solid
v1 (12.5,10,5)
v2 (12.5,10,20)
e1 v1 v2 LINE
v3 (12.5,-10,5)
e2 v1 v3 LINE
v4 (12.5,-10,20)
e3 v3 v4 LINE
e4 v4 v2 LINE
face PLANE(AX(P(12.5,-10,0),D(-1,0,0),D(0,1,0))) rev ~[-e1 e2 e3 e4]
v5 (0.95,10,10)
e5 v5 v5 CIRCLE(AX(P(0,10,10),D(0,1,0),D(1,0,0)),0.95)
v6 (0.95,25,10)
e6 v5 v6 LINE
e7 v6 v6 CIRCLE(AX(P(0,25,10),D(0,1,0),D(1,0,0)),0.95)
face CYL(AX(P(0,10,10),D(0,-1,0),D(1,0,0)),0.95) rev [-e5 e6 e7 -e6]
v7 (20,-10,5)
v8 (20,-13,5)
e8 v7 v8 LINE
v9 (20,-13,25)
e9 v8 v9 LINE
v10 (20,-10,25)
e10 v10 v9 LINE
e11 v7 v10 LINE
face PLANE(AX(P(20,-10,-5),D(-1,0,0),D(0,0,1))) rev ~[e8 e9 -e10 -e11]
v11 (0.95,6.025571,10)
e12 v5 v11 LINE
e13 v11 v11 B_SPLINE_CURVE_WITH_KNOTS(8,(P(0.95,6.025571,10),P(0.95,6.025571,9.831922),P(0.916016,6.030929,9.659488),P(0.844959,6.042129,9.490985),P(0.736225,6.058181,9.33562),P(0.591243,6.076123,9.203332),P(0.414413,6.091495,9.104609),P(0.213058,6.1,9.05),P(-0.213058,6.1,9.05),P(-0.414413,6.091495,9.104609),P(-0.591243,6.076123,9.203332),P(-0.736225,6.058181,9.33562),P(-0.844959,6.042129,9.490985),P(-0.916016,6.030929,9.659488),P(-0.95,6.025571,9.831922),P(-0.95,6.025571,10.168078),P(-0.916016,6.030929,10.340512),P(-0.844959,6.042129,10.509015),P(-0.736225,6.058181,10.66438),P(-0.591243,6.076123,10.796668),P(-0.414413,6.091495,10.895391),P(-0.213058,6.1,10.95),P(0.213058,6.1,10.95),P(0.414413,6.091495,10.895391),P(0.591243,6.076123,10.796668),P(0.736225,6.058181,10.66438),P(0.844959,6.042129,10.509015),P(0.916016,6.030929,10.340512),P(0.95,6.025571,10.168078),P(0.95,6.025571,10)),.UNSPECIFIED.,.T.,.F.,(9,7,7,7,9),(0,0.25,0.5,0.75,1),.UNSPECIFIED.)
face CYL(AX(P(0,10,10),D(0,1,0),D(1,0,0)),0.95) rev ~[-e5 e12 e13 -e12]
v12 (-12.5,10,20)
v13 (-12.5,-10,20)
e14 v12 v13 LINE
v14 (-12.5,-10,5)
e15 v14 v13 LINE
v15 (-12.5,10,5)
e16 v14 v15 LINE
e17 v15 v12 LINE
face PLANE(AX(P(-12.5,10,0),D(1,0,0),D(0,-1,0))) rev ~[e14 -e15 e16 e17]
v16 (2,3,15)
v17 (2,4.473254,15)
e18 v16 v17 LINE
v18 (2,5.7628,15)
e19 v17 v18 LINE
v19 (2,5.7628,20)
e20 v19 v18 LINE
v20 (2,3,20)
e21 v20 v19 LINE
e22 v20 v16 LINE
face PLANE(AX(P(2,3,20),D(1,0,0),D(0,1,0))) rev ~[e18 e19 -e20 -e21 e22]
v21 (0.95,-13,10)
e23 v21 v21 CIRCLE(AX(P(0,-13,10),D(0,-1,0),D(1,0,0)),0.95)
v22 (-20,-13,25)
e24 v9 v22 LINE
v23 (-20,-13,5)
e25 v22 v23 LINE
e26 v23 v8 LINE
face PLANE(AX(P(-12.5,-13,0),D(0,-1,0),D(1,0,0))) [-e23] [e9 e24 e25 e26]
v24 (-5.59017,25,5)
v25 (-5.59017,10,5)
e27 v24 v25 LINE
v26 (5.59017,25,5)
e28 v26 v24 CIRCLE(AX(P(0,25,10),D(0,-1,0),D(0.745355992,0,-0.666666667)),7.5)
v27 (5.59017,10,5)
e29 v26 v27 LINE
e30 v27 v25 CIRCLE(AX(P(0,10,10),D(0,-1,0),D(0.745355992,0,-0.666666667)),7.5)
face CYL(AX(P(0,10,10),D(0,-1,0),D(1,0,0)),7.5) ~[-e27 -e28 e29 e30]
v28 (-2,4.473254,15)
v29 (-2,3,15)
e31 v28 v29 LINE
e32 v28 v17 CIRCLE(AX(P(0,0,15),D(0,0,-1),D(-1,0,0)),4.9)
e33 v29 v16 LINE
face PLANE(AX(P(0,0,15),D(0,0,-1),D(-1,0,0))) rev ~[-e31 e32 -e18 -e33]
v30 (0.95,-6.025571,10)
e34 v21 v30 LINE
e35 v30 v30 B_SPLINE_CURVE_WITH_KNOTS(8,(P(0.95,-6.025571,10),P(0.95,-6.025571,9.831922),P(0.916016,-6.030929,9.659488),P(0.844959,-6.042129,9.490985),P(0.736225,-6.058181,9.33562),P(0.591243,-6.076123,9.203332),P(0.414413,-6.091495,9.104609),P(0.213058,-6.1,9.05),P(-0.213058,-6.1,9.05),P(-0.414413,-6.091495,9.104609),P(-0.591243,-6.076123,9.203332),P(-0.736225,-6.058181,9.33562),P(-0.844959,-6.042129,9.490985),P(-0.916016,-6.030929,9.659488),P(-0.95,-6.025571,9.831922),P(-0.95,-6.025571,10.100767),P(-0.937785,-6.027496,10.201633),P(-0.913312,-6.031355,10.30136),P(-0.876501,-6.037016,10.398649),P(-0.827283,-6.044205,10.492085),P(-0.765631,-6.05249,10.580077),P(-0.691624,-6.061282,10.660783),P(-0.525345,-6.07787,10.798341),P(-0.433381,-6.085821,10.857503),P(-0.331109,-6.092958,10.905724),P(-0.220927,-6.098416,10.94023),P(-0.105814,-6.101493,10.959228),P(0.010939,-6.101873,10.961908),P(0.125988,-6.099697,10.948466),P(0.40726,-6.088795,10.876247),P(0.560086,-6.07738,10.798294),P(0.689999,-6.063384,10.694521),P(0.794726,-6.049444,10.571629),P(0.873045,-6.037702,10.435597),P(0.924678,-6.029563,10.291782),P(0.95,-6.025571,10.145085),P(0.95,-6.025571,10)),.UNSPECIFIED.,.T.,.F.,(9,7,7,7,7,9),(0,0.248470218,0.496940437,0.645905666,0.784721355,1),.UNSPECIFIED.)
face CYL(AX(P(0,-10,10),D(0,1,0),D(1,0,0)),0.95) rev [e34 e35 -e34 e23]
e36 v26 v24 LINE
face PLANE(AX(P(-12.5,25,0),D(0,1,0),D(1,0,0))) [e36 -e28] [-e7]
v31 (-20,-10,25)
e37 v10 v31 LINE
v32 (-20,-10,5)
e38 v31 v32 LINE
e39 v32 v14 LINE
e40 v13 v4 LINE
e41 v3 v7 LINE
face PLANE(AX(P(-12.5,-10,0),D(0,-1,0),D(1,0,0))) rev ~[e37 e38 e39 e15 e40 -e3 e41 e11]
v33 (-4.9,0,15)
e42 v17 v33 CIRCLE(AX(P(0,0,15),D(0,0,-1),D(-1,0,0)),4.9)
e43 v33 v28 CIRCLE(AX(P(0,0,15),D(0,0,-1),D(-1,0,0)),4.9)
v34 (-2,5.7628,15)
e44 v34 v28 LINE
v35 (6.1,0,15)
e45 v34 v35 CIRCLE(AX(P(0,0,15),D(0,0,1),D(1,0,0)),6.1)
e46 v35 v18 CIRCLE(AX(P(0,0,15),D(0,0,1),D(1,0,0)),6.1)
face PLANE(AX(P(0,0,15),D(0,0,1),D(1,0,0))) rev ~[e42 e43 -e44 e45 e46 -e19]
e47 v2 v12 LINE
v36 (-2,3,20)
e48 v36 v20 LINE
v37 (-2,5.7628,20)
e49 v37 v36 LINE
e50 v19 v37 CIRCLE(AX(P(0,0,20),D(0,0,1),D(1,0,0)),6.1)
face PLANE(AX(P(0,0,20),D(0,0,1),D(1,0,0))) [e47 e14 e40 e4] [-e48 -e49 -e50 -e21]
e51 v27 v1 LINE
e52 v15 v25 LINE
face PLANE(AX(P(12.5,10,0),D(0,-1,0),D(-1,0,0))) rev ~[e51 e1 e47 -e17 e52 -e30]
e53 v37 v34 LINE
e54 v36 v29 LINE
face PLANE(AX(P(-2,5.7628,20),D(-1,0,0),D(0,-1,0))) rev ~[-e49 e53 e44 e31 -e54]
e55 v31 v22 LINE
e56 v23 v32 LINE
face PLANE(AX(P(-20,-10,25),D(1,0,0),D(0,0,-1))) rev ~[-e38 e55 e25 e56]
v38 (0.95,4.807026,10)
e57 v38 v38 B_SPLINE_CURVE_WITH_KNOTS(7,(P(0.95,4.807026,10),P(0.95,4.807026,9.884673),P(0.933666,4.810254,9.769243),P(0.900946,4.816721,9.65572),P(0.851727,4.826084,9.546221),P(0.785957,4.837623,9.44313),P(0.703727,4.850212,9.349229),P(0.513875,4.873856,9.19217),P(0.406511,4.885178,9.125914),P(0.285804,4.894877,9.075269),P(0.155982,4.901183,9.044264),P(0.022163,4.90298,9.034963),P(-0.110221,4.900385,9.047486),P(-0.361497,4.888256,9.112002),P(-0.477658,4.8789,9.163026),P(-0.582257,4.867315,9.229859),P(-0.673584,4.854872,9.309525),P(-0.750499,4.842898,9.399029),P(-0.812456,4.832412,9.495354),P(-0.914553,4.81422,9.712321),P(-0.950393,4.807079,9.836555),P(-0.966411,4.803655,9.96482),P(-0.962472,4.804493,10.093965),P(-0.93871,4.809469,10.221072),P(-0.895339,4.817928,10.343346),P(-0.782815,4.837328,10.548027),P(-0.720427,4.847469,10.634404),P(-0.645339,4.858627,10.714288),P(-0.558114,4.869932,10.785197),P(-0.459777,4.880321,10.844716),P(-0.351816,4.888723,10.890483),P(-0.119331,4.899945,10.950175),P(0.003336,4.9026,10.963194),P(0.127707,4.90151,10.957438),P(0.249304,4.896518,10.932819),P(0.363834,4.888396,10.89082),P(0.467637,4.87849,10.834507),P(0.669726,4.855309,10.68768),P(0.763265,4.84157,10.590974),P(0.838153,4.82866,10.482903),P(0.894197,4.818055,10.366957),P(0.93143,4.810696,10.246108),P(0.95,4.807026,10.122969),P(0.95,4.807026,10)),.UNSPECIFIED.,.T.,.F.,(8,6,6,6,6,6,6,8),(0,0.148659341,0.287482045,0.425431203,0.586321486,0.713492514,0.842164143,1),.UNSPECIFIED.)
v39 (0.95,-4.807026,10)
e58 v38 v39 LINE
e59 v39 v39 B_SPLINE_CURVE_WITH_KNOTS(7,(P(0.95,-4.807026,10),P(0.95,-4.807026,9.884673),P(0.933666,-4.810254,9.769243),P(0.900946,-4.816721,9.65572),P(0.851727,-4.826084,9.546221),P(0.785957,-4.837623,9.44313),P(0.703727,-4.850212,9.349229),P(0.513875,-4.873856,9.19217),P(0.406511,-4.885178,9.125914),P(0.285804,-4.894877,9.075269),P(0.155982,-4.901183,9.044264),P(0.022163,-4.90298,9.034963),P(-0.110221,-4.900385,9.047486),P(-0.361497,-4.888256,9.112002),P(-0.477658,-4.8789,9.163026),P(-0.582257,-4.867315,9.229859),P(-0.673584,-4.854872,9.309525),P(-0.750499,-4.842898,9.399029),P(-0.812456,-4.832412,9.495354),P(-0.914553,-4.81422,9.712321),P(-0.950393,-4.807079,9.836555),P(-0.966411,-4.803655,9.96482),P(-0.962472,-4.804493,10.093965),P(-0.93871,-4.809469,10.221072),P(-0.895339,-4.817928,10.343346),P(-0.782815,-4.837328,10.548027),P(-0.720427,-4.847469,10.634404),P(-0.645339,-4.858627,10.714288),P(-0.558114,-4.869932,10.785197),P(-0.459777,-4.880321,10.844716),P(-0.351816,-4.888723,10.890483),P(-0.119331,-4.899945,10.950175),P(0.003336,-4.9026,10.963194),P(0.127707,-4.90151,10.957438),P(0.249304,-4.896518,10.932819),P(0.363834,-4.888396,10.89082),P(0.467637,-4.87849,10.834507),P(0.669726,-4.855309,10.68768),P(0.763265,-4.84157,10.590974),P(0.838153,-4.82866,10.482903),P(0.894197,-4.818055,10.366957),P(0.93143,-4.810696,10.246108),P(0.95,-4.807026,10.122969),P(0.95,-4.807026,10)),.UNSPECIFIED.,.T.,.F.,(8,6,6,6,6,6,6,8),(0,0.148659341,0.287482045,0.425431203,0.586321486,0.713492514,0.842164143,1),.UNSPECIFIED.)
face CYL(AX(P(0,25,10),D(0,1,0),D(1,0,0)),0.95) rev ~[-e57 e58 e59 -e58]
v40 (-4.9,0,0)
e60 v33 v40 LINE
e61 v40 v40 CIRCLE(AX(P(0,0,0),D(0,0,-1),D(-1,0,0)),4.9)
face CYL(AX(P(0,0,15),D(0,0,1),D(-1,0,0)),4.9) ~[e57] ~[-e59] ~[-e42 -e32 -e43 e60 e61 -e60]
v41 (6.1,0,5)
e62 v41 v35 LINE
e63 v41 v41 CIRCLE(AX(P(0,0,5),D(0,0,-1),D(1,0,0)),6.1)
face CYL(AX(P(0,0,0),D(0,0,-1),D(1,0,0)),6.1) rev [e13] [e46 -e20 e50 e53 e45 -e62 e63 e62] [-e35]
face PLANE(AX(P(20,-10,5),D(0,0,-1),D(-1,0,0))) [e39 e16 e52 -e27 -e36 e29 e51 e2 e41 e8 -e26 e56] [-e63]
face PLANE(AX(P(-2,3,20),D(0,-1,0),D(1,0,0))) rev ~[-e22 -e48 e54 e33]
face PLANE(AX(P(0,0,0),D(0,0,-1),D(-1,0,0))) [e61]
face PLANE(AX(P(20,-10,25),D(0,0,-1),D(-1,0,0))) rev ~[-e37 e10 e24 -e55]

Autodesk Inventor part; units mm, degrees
ref_plane "YZ Plane" through (0, 0, 0) normal (1, 0, 0) x (0, 1, 0)
ref_plane "XZ Plane" through (0, 0, 0) normal (0, 1, 0) x (-1, 0, 0)
ref_plane "XY Plane" through (0, 0, 0) normal (0, 0, 1) x (1, 0, 0)
sketch "Sketch1" plane through (0, 0, 0) normal (0, 0, 1) x (1, 0, 0)
  circle A0 centre (0, 0) radius 6.1
  line L0 (-12.5, -10) -> (12.5, -10)
  line L1 (12.5, -10) -> (12.5, 10)
  line L2 (12.5, 10) -> (-12.5, 10)
  line L3 (-12.5, 10) -> (-12.5, -10)
  line L4 (-12.5, -10) -> (12.5, 10) construction
  line L5 (12.5, -10) -> (-12.5, 10) construction
  dimension "d0" = 12.2
  dimension "d1" = 25
  dimension "d2" = 20
extrude "Extrusion1" add sketch "Sketch1" along normal blind 20
sketch "Sketch2" plane through (-12.5, 10, 0) normal (0, 1, 0) x (1, 0, 0)
  line L0 (0, 0) -> (0, -20) construction
  line L1 (25, -20) -> (0, -20) construction
  line L2 (0, 0) -> (25, -20) construction
  line L3 (0, -20) -> (25, 0) construction
  circle A0 centre (12.5, -10) radius 0.95
  point P0 (12.5, 0)
  dimension "d5" = 1.9
extrude "Extrusion2" cut sketch "Sketch2" against normal blind 100
sketch "Sketch3" plane through (-12.5, 10, 0) normal (0, 1, 0) x (1, 0, 0)
  circle A0 centre (12.5, -10) radius 0.95 projected
  line L0 (25, 0) -> (0, 0) projected
  line L1 (0, 0) -> (0, -20) projected
  line L2 (25, -20) -> (0, -20) projected
  line L3 (25, 0) -> (25, -20) projected
  circle A1 centre (12.5, -10) radius 7.5
  point P0 (12.5, 0)
  dimension "d8" = 15
extrude "Extrusion3" add sketch "Sketch3" along normal blind 15 contours A1
sketch "Sketch4" plane through (-12.5, -10, 0) normal (0, -1, 0) x (1, 0, 0)
  line L0 (32.5, 25) -> (-7.5, 25)
  line L1 (-7.5, 25) -> (-7.5, -5)
  line L2 (-7.5, -5) -> (32.5, -5)
  line L3 (32.5, -5) -> (32.5, 25)
  circle A0 centre (12.5, 10) radius 0.95 projected
  line L4 (32.5, 25) -> (-7.5, -5) construction
  line L5 (-7.5, 25) -> (32.5, -5) construction
  point P0 (12.5, 0)
  dimension "d11" = 30
  dimension "d12" = 40
extrude "Extrusion4" add sketch "Sketch4" along normal blind 3
sketch "Sketch6" plane through (20, -10, -5) normal (0, 0, -1) x (-1, 0, 0)
  line L0 (-13.3468, 43.0165) -> (63.7046, 43.0165)
  line L1 (63.7046, 43.0165) -> (63.7046, -16.6019)
  line L2 (63.7046, -16.6019) -> (-13.3468, -16.6019)
  line L3 (-13.3468, -16.6019) -> (-13.3468, 43.0165)
  point P0 (20, 10)
extrude "Extrusion6" cut sketch "Sketch6" against normal blind 10
sketch "Sketch8" plane through (-12.5, 25, 0) normal (0, 1, 0) x (1, 0, 0)
  circle A0 centre (12.5, -10) radius 0.95 projected
  point P0 (12.5, 0)
extrude "Extrusion8" cut sketch "Sketch8" against normal blind 100
sketch "Sketch9" plane through (0, 0, 20) normal (0, 0, 1) x (1, 0, 0)
  line L0 (-2, 5.7628) -> (-2, 3)
  line L1 (-2, 3) -> (2, 3)
  line L2 (2, 3) -> (2, 5.7628)
  circle A0 centre (0, 0) radius 6.1 projected
  line L3 (12.5, -10) -> (12.5, 10) projected
  line L4 (12.5, 10) -> (-12.5, 10) projected
  line L5 (-12.5, 10) -> (-12.5, -10) projected
  line L6 (-12.5, -10) -> (12.5, -10) projected
  circle A1 centre (0, 0) radius 6.1 projected
  dimension "d28" = 2
  dimension "d29" = 2
  dimension "d30" = 3
extrude "Extrusion9" add sketch "Sketch9" against normal blind 5 contours L0 L1 L2 A0 picked at (0.2259, -0.0207)
sketch "Sketch10" plane through (0, 0, 15) normal (0, 0, -1) x (-1, 0, 0)
  circle A0 centre (0, 0) radius 4.9
  dimension "d33" = 9.8
extrude "Extrusion10" add sketch "Sketch10" along normal blind 15
sketch "Sketch11" plane through (-12.5, 25, 0) normal (0, 1, 0) x (1, 0, 0)
  circle A0 centre (12.5, -10) radius 0.95 projected
  point P0 (12.5, 0)
extrude "Extrusion11" cut sketch "Sketch11" against normal blind 100
properties part number "Feather_0_template"
